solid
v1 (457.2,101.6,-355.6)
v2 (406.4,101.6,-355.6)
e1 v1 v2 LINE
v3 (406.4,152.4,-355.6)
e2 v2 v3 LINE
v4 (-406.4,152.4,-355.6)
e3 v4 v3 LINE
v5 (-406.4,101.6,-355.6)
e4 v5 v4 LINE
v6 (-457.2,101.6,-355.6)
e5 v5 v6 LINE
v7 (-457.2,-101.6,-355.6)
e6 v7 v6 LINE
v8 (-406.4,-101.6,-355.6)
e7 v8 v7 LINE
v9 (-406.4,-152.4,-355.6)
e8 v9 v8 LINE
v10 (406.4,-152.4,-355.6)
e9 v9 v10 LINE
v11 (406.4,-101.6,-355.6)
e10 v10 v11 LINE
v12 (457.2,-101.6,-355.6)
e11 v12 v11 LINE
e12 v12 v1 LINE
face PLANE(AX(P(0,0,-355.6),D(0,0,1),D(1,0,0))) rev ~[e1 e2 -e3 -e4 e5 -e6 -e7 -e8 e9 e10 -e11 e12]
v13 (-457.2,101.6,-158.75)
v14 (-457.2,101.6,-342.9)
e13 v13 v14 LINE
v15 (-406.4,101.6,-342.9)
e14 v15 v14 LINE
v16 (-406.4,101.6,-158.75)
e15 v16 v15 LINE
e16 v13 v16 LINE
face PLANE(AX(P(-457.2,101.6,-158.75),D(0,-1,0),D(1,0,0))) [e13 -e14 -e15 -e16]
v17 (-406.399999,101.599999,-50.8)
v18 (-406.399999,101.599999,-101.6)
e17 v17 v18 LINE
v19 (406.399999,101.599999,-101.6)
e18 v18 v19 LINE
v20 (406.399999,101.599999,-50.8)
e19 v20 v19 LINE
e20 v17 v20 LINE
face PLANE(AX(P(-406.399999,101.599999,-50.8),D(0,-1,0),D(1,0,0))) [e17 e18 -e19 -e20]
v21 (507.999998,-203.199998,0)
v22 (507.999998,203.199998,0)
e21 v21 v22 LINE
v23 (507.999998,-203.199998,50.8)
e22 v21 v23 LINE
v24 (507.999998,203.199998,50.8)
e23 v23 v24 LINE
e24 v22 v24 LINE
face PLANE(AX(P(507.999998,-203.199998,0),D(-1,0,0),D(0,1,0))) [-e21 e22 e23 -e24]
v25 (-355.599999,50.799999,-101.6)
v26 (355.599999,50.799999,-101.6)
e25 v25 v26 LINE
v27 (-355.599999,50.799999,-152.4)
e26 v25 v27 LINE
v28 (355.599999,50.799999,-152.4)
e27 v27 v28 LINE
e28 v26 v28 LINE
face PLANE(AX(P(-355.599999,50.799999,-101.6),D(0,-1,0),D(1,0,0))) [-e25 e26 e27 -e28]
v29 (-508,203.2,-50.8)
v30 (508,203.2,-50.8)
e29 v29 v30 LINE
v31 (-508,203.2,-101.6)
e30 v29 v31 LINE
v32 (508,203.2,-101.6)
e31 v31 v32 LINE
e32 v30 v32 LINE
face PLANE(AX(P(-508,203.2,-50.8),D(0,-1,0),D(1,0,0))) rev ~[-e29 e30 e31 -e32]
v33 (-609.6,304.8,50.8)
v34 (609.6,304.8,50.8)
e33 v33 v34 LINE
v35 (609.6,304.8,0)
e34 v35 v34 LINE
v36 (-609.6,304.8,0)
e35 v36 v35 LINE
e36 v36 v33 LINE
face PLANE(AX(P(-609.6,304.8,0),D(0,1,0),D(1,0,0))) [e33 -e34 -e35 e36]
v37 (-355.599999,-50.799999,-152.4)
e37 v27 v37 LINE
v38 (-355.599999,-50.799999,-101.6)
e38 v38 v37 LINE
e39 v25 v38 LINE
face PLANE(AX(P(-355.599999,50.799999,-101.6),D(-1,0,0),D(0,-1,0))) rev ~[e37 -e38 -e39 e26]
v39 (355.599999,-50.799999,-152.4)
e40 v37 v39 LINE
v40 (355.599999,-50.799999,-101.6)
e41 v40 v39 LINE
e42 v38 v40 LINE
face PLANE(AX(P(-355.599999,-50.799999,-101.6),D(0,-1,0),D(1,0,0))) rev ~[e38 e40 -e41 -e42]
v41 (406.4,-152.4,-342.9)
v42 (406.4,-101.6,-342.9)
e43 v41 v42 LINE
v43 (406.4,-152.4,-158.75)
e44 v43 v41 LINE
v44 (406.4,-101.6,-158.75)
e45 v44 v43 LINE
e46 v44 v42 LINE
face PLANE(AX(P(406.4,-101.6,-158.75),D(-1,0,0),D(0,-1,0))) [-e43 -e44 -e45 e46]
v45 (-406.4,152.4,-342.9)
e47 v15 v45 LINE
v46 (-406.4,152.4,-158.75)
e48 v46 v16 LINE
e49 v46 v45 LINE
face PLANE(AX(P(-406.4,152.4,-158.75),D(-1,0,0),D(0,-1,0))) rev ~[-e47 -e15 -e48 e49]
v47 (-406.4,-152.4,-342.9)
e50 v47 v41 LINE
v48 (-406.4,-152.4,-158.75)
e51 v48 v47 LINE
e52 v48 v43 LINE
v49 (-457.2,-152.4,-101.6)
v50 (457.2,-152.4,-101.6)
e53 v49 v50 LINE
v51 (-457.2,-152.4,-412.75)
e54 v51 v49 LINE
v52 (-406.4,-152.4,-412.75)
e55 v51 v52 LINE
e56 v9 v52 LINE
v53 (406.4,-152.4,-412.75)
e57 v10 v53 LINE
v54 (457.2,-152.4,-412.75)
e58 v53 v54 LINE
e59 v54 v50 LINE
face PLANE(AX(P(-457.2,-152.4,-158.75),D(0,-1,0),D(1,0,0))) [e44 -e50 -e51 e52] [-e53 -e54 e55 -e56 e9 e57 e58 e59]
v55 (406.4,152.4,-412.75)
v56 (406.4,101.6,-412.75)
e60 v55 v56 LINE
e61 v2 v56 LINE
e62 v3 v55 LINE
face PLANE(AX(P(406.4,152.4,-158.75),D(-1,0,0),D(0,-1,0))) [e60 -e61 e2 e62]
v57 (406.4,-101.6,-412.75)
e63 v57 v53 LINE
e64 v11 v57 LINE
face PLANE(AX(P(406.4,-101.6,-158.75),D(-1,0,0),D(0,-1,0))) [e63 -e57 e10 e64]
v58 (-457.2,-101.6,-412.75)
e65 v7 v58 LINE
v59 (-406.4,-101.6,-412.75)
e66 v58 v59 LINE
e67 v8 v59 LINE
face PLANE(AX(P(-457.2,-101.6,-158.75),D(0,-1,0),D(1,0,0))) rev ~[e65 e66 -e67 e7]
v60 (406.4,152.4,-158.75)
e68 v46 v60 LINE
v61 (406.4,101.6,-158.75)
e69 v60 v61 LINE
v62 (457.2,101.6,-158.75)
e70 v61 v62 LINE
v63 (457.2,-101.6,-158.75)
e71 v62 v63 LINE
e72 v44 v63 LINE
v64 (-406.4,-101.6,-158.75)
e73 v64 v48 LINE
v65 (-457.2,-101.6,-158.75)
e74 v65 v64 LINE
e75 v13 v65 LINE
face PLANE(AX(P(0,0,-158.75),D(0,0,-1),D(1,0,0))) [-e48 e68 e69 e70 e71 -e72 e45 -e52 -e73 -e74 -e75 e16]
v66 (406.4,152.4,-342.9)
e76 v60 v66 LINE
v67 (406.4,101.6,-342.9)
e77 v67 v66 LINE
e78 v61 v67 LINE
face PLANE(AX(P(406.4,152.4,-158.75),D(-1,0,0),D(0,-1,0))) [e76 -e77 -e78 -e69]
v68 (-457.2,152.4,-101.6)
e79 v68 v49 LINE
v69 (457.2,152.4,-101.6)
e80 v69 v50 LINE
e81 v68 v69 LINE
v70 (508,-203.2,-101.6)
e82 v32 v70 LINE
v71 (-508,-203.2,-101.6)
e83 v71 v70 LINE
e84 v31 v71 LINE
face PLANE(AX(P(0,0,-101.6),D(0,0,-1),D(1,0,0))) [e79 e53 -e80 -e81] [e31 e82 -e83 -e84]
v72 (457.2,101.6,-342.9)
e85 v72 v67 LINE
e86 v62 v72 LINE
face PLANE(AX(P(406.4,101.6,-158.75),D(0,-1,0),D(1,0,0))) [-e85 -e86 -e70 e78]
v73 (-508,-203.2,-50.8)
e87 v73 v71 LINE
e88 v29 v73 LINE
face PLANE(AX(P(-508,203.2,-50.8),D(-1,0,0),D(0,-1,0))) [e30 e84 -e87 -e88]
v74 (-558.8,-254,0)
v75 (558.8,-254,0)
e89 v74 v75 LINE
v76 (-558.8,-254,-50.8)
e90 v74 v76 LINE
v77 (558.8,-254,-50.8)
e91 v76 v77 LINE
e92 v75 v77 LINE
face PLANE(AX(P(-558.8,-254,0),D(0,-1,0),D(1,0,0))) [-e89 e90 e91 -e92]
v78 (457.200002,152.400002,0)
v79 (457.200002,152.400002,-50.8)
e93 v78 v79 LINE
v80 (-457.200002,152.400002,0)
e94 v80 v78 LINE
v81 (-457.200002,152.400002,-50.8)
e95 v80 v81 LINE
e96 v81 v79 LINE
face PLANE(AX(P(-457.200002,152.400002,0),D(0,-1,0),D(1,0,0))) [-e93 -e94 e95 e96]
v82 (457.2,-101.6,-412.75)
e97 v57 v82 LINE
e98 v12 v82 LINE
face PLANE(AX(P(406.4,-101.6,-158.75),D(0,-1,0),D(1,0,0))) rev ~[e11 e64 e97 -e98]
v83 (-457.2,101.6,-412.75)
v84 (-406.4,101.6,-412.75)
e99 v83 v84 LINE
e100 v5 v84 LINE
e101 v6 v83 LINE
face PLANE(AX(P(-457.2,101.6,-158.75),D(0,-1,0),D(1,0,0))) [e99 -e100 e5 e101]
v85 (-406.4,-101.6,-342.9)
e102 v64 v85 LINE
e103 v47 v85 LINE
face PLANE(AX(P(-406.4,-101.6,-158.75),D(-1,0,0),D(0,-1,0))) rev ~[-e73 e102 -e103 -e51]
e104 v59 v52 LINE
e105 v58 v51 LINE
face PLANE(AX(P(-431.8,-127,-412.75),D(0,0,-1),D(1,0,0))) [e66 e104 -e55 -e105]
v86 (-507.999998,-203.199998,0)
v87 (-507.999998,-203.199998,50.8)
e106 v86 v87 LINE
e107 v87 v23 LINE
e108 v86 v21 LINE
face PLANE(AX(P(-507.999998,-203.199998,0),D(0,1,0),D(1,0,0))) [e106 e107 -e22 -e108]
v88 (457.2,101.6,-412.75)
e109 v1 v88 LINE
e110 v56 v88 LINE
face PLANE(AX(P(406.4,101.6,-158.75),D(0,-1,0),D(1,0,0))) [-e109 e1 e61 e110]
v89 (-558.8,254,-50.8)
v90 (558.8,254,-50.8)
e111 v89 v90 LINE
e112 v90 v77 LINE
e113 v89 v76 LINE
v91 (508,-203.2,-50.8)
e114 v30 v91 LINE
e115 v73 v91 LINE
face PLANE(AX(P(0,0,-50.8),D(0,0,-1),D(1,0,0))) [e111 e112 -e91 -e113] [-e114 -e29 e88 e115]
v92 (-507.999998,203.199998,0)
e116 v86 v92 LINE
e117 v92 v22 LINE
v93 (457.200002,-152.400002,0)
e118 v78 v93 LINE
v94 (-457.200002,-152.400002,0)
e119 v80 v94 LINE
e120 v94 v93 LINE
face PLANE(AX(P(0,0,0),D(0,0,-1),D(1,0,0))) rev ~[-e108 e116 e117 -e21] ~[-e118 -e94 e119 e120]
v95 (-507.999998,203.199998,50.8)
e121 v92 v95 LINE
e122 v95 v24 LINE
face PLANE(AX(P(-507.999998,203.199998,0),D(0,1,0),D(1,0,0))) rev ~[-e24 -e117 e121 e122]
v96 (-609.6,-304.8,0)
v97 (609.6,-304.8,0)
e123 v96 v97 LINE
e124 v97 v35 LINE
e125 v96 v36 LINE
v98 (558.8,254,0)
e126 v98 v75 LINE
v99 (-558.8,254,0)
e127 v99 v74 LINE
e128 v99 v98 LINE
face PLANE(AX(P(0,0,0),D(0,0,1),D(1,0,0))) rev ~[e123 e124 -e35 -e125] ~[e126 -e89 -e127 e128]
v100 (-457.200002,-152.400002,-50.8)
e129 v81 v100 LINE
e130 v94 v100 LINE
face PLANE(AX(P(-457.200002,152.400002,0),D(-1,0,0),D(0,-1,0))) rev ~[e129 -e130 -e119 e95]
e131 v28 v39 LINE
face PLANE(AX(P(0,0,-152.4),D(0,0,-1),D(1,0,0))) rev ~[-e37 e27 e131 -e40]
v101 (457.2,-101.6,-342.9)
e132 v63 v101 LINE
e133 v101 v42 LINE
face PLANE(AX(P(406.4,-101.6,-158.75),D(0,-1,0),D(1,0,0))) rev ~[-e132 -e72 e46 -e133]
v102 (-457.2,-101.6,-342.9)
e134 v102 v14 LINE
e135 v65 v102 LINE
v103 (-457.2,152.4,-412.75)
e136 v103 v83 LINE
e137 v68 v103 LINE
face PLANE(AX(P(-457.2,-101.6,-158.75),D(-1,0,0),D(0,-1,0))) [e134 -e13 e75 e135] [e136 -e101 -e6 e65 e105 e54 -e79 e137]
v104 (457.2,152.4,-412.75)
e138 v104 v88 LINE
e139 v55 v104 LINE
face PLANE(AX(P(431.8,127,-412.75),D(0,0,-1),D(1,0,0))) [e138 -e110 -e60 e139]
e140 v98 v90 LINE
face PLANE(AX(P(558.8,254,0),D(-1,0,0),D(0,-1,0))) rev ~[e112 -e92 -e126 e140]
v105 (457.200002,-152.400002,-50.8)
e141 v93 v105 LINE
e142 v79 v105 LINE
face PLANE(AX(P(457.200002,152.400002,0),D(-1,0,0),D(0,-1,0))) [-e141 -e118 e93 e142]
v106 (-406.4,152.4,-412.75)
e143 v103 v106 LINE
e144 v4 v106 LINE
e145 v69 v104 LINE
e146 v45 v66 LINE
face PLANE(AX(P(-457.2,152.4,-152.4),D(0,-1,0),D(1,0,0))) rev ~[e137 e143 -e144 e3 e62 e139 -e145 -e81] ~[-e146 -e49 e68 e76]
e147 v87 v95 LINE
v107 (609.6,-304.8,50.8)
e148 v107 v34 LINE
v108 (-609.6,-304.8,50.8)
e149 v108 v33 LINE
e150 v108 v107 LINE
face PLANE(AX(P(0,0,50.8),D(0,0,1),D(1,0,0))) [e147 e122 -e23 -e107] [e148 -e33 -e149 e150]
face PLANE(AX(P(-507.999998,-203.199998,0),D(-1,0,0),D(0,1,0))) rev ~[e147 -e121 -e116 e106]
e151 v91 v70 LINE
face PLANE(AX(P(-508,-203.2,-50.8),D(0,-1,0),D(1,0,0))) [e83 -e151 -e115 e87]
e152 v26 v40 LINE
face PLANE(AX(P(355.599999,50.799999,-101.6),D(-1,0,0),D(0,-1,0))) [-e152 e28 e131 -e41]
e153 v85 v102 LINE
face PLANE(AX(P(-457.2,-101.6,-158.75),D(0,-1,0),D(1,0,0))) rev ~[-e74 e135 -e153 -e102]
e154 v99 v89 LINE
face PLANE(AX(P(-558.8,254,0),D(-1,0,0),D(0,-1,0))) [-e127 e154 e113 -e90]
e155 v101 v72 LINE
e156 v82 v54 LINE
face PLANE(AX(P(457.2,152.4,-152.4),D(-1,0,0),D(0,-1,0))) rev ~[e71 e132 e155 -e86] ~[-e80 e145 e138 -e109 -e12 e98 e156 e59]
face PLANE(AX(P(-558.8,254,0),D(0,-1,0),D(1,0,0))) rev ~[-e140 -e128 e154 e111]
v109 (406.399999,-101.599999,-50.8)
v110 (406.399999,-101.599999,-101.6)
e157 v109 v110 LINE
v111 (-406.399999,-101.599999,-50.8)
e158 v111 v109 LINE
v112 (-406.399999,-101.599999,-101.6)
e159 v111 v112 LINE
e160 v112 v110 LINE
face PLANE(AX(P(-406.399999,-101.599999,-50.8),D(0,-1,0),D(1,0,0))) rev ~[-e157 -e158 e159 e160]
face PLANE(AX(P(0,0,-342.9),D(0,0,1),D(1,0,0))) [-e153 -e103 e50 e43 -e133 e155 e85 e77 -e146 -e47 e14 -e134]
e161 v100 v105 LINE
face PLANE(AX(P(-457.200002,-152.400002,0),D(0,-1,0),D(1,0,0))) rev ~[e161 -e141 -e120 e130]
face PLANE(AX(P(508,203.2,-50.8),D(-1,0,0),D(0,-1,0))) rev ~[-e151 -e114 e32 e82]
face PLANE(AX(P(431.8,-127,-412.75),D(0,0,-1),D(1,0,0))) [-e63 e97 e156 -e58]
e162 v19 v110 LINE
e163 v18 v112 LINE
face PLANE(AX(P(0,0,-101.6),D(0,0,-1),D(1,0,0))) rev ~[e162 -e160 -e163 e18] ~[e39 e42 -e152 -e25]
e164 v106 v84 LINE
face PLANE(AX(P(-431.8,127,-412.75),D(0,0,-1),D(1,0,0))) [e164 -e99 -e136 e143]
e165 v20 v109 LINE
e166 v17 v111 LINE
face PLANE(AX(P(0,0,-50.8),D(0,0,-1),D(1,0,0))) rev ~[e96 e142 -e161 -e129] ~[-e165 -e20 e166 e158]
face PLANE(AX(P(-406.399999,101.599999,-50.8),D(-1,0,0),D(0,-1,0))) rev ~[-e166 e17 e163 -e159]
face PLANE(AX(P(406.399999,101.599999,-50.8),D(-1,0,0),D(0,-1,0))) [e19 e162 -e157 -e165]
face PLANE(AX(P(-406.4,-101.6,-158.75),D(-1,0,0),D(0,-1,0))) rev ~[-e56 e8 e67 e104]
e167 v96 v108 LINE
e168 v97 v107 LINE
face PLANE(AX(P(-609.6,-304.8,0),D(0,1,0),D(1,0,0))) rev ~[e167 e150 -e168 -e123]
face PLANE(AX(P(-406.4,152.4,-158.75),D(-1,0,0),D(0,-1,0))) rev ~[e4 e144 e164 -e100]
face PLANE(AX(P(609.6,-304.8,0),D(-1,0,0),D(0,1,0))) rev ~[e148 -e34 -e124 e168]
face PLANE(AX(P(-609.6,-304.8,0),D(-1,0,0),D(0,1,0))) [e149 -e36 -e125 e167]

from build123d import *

# Parameters (mm, degrees)
F0_W      = 1219.2
F0_H      = 609.6
F0_W_2    = 1015.999996
F0_H_2    = 406.399996
F1_DEPTH  = 50.8
F2_W      = 1117.6
F2_H      = 508
F2_W_2    = 914.400004
F2_H_2    = 304.800004
F3_DEPTH  = 50.8
F4_W      = 1016
F4_H      = 406.4
F4_W_2    = 812.799998
F4_H_2    = 203.199998
F5_DEPTH  = 50.8
F6_W      = 914.4
F6_H      = 304.8
F6_W_2    = 711.199998
F6_H_2    = 101.599998
F7_DEPTH  = 50.8
F8_W      = 914.4
F8_H      = 304.8
F9_DEPTH  = 6.35
F10_W     = 50.8
F10_H     = 50.8
F11_DEPTH = 254
F13_W     = 914.4
F13_H     = 304.8
F14_DEPTH = 12.7


with BuildPart() as f1:
    # F0 (on Top) → F1 (new body)
    with BuildSketch(Plane.XY):
        Rectangle(F0_W, F0_H)
        Rectangle(F0_W_2, F0_H_2, mode=Mode.SUBTRACT)
    extrude(amount=F1_DEPTH)

    # F2 (on face) → F3 (join)
    with BuildSketch(Plane(origin=(0, 0, 0), x_dir=(1, 0, 0), z_dir=(0, 0, -1))):
        Rectangle(F2_W, F2_H)
        Rectangle(F2_W_2, F2_H_2, mode=Mode.SUBTRACT)
    extrude(amount=F3_DEPTH)

    # F4 (on face) → F5 (join)
    with BuildSketch(Plane(origin=(0, 0, -50.8), x_dir=(1, 0, 0), z_dir=(0, 0, -1))):
        Rectangle(F4_W, F4_H)
        Rectangle(F4_W_2, F4_H_2, mode=Mode.SUBTRACT)
    extrude(amount=F5_DEPTH)

    # F6 (on face) → F7 (join)
    with BuildSketch(Plane(origin=(0, 0, -101.6), x_dir=(1, 0, 0), z_dir=(0, 0, -1))):
        Rectangle(F6_W, F6_H)
        Rectangle(F6_W_2, F6_H_2, mode=Mode.SUBTRACT)
    extrude(amount=F7_DEPTH)

    # F8 (on face) → F9 (join)
    with BuildSketch(Plane(origin=(0, 0, -152.4), x_dir=(1, 0, 0), z_dir=(0, 0, -1))):
        Rectangle(F8_W, F8_H)
    extrude(amount=F9_DEPTH)

    # F10 (on face) → F11 (join)
    with BuildSketch(Plane(origin=(0, 0, -158.75), x_dir=(1, 0, 0), z_dir=(0, 0, -1))):
        with Locations((-431.8, 127)):
            Rectangle(F10_W, F10_H)
        with Locations((-431.8, -127)):
            Rectangle(F10_W, F10_H)
        with Locations((431.8, 127)):
            Rectangle(F10_W, F10_H)
        with Locations((431.8, -127)):
            Rectangle(F10_W, F10_H)
    extrude(amount=F11_DEPTH)

    # F13 (on offset) → F14 (join)
    with BuildSketch(Plane.XY.offset(-355.6)):
        Rectangle(F13_W, F13_H)
    extrude(amount=F14_DEPTH)


solid = f1.part
